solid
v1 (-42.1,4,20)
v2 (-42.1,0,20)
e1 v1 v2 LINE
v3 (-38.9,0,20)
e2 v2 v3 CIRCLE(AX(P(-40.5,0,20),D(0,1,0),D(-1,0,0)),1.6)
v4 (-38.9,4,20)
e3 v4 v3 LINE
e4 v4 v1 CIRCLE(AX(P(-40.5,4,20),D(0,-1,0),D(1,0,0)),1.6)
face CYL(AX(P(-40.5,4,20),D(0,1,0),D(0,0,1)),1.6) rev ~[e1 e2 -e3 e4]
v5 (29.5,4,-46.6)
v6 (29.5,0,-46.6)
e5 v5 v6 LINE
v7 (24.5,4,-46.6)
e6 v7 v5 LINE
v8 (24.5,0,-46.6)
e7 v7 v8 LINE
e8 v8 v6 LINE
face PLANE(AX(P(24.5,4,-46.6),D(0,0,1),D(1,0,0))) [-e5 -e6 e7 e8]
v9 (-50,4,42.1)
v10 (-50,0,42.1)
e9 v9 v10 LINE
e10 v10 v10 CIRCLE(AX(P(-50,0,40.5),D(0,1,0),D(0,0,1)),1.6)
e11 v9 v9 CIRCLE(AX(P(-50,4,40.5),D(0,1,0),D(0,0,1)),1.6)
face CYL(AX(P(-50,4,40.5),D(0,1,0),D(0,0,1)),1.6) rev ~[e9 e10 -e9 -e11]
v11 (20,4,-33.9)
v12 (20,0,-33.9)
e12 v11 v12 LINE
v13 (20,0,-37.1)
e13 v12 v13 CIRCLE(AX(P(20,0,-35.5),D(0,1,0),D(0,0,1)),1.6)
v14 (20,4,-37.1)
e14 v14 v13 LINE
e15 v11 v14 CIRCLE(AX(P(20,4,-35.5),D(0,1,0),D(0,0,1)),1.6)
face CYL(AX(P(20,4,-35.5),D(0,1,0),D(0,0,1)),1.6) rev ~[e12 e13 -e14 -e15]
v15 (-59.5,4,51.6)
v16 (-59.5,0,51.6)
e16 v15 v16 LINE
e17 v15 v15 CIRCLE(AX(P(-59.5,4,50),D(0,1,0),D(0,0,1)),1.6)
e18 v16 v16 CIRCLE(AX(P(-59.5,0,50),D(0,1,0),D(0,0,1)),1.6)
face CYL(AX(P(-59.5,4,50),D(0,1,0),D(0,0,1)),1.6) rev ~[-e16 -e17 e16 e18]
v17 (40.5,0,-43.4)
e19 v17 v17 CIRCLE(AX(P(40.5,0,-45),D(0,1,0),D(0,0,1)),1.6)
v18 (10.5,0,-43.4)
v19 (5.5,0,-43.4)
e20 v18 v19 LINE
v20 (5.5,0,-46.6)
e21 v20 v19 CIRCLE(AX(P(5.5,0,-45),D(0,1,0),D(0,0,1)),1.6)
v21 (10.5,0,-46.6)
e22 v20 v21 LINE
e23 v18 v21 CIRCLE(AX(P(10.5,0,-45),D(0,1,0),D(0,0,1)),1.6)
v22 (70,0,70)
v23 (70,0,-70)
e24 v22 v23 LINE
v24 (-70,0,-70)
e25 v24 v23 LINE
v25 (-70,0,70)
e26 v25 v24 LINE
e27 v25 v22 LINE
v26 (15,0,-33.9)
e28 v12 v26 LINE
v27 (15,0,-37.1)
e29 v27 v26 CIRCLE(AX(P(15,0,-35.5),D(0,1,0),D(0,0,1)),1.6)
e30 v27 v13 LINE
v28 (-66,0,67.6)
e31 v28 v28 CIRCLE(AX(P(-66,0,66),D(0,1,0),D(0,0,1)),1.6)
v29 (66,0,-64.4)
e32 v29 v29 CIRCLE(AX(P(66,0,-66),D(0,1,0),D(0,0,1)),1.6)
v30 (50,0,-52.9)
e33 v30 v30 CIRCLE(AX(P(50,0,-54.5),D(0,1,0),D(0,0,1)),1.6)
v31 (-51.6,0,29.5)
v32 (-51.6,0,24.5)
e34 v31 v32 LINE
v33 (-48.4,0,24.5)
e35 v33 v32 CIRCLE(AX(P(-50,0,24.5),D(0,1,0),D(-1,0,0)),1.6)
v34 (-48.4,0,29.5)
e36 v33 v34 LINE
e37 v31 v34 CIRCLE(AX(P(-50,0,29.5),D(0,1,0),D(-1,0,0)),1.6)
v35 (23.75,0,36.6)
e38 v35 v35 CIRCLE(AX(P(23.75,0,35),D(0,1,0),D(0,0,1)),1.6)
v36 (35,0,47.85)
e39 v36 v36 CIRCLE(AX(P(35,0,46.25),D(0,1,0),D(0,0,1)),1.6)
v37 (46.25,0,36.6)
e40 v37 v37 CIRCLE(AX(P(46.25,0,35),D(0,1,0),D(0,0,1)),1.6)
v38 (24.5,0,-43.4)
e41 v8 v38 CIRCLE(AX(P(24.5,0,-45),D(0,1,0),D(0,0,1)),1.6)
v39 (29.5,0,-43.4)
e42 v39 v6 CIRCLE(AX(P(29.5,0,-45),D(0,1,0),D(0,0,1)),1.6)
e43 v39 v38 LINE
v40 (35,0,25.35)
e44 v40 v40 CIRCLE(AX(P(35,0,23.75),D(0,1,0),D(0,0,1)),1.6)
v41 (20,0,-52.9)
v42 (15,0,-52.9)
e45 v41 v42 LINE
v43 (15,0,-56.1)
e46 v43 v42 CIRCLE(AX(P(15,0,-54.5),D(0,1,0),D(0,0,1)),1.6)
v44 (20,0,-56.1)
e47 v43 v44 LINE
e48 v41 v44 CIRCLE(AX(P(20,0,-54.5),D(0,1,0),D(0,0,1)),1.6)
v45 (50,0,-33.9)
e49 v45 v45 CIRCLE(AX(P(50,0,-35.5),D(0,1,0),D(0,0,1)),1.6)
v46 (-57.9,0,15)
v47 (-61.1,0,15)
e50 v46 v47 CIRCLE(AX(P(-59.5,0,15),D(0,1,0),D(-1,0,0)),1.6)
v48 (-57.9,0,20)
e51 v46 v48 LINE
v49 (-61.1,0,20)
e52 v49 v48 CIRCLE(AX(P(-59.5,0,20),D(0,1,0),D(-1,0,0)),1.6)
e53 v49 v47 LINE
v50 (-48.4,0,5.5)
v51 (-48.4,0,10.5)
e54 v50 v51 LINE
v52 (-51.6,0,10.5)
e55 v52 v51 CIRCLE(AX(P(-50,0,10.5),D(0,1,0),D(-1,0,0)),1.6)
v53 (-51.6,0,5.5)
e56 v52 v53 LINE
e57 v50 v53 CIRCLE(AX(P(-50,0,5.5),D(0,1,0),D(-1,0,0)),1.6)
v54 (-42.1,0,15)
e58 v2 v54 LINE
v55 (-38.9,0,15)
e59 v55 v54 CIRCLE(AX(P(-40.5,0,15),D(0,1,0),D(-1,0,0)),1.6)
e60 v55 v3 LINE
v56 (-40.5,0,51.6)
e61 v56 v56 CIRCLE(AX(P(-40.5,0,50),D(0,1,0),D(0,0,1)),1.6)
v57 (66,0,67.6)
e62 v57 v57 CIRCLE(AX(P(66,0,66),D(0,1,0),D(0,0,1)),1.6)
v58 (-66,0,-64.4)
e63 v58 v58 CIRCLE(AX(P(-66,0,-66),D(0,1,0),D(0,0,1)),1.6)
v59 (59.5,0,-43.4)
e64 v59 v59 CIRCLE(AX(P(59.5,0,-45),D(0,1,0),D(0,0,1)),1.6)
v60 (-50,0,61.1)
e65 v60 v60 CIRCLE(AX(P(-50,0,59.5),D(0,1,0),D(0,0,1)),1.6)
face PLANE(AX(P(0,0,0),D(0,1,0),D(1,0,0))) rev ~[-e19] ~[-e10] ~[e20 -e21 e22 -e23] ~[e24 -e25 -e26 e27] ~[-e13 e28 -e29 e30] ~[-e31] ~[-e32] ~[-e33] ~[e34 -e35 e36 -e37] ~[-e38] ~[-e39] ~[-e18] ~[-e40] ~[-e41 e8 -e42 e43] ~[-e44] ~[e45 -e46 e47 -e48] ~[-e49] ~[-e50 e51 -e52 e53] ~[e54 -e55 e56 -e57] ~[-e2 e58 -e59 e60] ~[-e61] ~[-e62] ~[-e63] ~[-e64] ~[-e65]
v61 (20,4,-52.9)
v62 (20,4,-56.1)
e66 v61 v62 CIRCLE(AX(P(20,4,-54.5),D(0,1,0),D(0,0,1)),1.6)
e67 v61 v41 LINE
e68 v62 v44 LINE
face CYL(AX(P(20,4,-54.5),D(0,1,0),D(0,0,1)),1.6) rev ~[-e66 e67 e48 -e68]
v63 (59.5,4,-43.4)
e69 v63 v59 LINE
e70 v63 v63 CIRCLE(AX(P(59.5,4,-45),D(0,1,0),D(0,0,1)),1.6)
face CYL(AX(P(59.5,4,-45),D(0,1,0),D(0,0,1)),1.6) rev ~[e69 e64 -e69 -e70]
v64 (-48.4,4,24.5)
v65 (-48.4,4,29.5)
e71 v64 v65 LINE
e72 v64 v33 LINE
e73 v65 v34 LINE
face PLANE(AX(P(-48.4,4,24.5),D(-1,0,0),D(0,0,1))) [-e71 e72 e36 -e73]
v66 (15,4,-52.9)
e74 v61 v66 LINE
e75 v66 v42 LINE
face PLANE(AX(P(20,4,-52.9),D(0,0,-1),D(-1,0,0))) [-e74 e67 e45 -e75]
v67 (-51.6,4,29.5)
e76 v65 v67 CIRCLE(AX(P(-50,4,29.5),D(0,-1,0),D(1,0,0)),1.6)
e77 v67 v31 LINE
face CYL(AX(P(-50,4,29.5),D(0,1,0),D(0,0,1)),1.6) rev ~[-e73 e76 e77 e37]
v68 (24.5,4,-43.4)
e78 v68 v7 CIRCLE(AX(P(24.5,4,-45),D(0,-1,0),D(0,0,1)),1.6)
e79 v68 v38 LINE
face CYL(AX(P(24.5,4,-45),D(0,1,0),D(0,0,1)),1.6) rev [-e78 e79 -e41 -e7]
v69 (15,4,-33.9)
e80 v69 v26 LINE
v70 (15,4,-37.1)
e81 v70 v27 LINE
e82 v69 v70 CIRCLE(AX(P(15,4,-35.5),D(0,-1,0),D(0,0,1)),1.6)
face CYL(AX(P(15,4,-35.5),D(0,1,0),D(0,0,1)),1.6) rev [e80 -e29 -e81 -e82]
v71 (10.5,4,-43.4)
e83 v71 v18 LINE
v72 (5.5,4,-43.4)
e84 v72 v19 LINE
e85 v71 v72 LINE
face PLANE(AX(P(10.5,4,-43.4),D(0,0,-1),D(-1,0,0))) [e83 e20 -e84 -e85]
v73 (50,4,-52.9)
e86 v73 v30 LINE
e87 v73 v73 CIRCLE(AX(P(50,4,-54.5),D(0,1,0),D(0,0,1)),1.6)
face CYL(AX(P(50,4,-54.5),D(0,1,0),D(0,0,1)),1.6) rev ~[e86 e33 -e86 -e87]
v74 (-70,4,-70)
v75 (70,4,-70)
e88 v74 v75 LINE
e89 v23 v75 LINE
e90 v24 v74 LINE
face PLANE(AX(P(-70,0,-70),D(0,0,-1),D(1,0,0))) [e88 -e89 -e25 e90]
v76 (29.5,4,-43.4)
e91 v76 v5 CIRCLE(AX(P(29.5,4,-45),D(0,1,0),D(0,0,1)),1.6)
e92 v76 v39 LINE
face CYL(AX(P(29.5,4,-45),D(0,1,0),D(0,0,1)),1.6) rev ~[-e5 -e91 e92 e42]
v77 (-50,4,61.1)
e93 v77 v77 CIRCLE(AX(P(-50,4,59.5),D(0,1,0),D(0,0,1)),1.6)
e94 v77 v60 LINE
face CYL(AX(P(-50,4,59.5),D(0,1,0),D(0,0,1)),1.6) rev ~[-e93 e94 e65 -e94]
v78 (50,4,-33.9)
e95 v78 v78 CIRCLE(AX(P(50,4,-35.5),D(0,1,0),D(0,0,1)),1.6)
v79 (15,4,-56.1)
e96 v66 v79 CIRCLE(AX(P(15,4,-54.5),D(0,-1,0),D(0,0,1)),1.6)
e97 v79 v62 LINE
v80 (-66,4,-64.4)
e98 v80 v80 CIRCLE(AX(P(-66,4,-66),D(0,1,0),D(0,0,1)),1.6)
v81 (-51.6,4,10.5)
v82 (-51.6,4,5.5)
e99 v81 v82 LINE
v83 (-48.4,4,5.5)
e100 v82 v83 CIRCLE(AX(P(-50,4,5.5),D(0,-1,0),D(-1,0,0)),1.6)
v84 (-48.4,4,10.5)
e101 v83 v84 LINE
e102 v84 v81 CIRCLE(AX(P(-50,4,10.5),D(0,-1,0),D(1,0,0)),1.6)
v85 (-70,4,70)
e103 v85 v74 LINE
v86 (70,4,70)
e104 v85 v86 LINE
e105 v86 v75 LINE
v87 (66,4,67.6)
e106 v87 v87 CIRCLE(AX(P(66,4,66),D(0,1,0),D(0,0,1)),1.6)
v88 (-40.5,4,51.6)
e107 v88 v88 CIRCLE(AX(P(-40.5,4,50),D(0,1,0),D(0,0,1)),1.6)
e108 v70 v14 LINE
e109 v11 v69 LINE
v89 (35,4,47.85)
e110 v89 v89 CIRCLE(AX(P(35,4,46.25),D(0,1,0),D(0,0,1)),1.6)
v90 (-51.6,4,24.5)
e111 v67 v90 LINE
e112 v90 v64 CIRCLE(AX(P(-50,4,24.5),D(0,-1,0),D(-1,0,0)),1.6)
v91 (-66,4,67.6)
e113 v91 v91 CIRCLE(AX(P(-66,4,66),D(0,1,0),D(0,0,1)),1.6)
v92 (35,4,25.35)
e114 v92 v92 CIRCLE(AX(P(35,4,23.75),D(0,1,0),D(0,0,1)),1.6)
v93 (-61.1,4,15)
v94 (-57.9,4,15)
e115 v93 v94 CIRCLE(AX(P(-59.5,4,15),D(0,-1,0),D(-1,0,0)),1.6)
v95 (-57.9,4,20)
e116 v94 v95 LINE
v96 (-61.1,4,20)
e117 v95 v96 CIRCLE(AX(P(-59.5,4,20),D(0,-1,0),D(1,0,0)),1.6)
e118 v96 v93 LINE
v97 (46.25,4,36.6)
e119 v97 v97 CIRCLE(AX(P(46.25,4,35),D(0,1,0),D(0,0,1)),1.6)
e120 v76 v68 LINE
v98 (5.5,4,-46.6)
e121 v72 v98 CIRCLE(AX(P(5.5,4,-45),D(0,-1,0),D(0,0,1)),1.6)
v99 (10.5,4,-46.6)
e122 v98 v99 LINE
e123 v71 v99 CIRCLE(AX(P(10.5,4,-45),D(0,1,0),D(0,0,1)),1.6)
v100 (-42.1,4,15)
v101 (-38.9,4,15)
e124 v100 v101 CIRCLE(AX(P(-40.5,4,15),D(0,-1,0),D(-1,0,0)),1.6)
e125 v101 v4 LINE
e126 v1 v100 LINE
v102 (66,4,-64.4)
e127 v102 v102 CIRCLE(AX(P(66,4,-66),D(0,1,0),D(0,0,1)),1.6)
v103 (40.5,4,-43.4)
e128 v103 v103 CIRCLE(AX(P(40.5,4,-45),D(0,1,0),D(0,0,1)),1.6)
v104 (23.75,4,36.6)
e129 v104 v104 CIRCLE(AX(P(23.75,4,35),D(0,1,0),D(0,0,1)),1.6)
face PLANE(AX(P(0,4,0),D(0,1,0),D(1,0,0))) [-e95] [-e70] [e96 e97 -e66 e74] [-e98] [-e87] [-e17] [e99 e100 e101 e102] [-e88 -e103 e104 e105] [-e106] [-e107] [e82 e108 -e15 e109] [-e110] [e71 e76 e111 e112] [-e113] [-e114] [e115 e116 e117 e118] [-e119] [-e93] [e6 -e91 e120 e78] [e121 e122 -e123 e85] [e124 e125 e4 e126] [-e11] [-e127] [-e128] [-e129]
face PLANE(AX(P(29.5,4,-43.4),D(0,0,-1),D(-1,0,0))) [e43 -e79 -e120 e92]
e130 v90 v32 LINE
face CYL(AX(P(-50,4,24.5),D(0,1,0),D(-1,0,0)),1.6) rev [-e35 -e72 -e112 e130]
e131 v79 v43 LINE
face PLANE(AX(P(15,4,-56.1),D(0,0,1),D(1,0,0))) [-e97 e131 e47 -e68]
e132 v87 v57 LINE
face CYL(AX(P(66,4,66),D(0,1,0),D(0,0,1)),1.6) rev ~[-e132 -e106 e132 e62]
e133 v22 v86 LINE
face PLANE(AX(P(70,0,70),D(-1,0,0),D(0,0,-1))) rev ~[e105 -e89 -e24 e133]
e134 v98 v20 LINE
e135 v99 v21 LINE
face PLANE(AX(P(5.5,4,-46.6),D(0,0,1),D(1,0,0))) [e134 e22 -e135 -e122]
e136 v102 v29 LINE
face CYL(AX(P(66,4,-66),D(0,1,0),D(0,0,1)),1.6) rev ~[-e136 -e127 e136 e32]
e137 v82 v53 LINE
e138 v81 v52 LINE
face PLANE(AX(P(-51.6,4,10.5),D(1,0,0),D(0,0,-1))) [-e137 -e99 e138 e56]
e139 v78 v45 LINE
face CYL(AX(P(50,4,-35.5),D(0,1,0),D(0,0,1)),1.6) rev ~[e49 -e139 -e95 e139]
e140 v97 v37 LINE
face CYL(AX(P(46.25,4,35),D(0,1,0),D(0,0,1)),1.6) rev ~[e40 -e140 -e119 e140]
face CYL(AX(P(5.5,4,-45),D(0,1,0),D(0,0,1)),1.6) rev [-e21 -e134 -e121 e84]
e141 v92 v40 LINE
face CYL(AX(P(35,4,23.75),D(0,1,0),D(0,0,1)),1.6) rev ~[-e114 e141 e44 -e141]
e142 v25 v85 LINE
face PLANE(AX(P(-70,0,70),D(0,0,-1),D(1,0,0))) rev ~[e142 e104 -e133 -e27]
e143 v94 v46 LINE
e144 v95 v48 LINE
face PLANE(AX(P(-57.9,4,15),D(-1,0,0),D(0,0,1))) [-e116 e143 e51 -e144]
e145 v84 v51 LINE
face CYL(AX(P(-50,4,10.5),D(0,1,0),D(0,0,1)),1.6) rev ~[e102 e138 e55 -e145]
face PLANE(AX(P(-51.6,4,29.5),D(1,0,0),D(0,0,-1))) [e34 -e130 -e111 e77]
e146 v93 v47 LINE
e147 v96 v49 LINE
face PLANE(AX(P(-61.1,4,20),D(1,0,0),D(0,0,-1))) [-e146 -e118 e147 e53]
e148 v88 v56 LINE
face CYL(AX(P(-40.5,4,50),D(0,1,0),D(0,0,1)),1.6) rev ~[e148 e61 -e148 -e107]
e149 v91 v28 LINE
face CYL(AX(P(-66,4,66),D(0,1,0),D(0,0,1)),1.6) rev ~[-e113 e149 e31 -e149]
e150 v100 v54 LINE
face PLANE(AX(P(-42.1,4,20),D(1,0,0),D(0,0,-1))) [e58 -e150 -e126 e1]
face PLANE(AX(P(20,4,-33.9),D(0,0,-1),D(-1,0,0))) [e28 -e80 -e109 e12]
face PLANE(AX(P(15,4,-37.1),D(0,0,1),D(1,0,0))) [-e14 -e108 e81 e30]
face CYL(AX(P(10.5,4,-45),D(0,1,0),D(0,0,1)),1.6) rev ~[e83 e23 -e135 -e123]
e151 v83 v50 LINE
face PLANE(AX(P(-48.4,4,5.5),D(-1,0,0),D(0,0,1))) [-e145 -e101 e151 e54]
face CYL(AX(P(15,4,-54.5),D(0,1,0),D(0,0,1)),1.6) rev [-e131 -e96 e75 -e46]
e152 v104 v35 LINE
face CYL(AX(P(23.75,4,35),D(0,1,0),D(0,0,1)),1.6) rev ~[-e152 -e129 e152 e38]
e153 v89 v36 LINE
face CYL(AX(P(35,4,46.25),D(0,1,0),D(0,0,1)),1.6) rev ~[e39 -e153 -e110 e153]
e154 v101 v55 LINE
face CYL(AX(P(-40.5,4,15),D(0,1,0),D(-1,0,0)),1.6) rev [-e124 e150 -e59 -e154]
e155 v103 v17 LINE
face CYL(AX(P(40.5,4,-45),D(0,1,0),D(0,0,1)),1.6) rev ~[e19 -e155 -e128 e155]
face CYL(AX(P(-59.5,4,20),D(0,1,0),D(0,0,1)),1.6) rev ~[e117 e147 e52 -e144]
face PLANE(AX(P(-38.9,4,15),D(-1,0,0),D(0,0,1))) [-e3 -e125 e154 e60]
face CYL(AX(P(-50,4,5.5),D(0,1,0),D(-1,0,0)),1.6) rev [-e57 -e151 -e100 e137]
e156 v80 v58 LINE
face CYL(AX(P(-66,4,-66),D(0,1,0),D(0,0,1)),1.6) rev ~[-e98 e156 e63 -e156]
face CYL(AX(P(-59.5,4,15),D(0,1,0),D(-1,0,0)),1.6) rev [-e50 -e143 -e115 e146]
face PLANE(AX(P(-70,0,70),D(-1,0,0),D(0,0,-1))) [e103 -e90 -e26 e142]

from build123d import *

# Parameters (mm, degrees)
SKETCH1_W           = 140
SKETCH1_H           = 140
BOSS_EXTRUDE1_DEPTH = 4
SKETCH2_R           = 1.6
CUT_EXTRUDE1_DEPTH  = 4
SKETCH3_R           = 1.6
CUT_EXTRUDE2_DEPTH  = 10
CUT_EXTRUDE3_DEPTH  = 10
SKETCH5_R           = 1.6
CUT_EXTRUDE5_DEPTH  = 10


with BuildPart() as part:
    # Sketch1 → Boss-Extrude1 (new body)
    with BuildSketch(Plane(origin=(0, 0, 0), x_dir=(1, 0, 0), z_dir=(0, 1, 0))):
        Rectangle(SKETCH1_W, SKETCH1_H)
    extrude(amount=BOSS_EXTRUDE1_DEPTH)

    # Sketch2 → Cut-Extrude1 (cut)
    with BuildSketch(Plane(origin=(0, 4, 0), x_dir=(1, 0, 0), z_dir=(0, 1, 0))):
        with Locations(Location((29.5, 45, 0), (0, 0, 270))):
            Circle(SKETCH2_R)
        with Locations(Location((59.5, 45, 0), (0, 0, 270))):
            Circle(SKETCH2_R)
        with Locations(Location((-50, -29.5, 0), (0, 0, 270))):
            Circle(SKETCH2_R)
        with Locations(Location((-50, -59.5, 0), (0, 0, 270))):
            Circle(SKETCH2_R)
        with Locations(Location((20, 35.5, 0), (0, 0, 270))):
            Circle(SKETCH2_R)
        with Locations(Location((10.5, 45, 0), (0, 0, 270))):
            Circle(SKETCH2_R)
        with Locations(Location((20, 54.5, 0), (0, 0, 270))):
            Circle(SKETCH2_R)
        with Locations(Location((50, 35.5, 0), (0, 0, 270))):
            Circle(SKETCH2_R)
        with Locations(Location((40.5, 45, 0), (0, 0, 270))):
            Circle(SKETCH2_R)
        with Locations(Location((50, 54.5, 0), (0, 0, 270))):
            Circle(SKETCH2_R)
        with Locations(Location((-59.5, -50, 0), (0, 0, 270))):
            Circle(SKETCH2_R)
        with Locations(Location((-50, -40.5, 0), (0, 0, 270))):
            Circle(SKETCH2_R)
        with Locations(Location((-40.5, -50, 0), (0, 0, 270))):
            Circle(SKETCH2_R)
        with Locations(Location((-59.5, -20, 0), (0, 0, 270))):
            Circle(SKETCH2_R)
        with Locations(Location((-50, -10.5, 0), (0, 0, 270))):
            Circle(SKETCH2_R)
        with Locations(Location((-40.5, -20, 0), (0, 0, 270))):
            Circle(SKETCH2_R)
    extrude(amount=-CUT_EXTRUDE1_DEPTH, mode=Mode.SUBTRACT)

    # Sketch3 → Cut-Extrude2 (cut)
    with BuildSketch(Plane(origin=(0, 4, 0), x_dir=(1, 0, 0), z_dir=(0, 1, 0))):
        with Locations(Location((35, -23.75, 0), (0, 0, 270))):
            Circle(SKETCH3_R)
        with Locations(Location((46.25, -35, 0), (0, 0, 270))):
            Circle(SKETCH3_R)
        with Locations(Location((35, -46.25, 0), (0, 0, 270))):
            Circle(SKETCH3_R)
        with Locations(Location((23.75, -35, 0), (0, 0, 270))):
            Circle(SKETCH3_R)
    extrude(amount=-CUT_EXTRUDE2_DEPTH, mode=Mode.SUBTRACT)

    # Sketch4 → Cut-Extrude3 (cut)
    with BuildSketch(Plane(origin=(0, 4, 0), x_dir=(1, 0, 0), z_dir=(0, 1, 0))):
        with BuildLine():
            Line((-51.6, -29.5), (-51.6, -24.5))
            ThreePointArc((-51.6, -24.5), (-50, -22.9), (-48.4, -24.5))
            Line((-48.4, -24.5), (-48.4, -29.5))
            ThreePointArc((-48.4, -29.5), (-50, -31.1), (-51.6, -29.5))
        make_face()
        with BuildLine():
            Line((-42.1, -20), (-42.1, -15))
            ThreePointArc((-42.1, -15), (-40.5, -13.4), (-38.9, -15))
            Line((-38.9, -15), (-38.9, -20))
            ThreePointArc((-38.9, -20), (-40.5, -21.6), (-42.1, -20))
        make_face()
        with BuildLine():
            Line((-51.6, -10.5), (-51.6, -5.5))
            ThreePointArc((-51.6, -5.5), (-50, -3.9), (-48.4, -5.5))
            Line((-48.4, -5.5), (-48.4, -10.5))
            ThreePointArc((-48.4, -10.5), (-50, -12.1), (-51.6, -10.5))
        make_face()
        with BuildLine():
            Line((-61.1, -20), (-61.1, -15))
            ThreePointArc((-61.1, -15), (-59.5, -13.4), (-57.9, -15))
            Line((-57.9, -15), (-57.9, -20))
            ThreePointArc((-57.9, -20), (-59.5, -21.6), (-61.1, -20))
        make_face()
        with BuildLine():
            Line((10.5, 43.4), (5.5, 43.4))
            ThreePointArc((5.5, 43.4), (3.9, 45), (5.5, 46.6))
            Line((5.5, 46.6), (10.5, 46.6))
            ThreePointArc((10.5, 46.6), (12.1, 45), (10.5, 43.4))
        make_face()
        with BuildLine():
            Line((20, 52.9), (15, 52.9))
            ThreePointArc((15, 52.9), (13.4, 54.5), (15, 56.1))
            Line((15, 56.1), (20, 56.1))
            ThreePointArc((20, 56.1), (21.6, 54.5), (20, 52.9))
        make_face()
        with BuildLine():
            Line((29.5, 43.4), (24.5, 43.4))
            ThreePointArc((24.5, 43.4), (22.9, 45), (24.5, 46.6))
            Line((24.5, 46.6), (29.5, 46.6))
            ThreePointArc((29.5, 46.6), (31.1, 45), (29.5, 43.4))
        make_face()
        with BuildLine():
            Line((20, 33.9), (15, 33.9))
            ThreePointArc((15, 33.9), (13.4, 35.5), (15, 37.1))
            Line((15, 37.1), (20, 37.1))
            ThreePointArc((20, 37.1), (21.6, 35.5), (20, 33.9))
        make_face()
    extrude(amount=-CUT_EXTRUDE3_DEPTH, mode=Mode.SUBTRACT)

    # Sketch5 → Cut-Extrude5 (cut)
    with BuildSketch(Plane(origin=(0, 4, 0), x_dir=(1, 0, 0), z_dir=(0, 1, 0))):
        with Locations(Location((-66, 66, 0), (0, 0, 270))):
            Circle(SKETCH5_R)
        with Locations(Location((66, 66, 0), (0, 0, 270))):
            Circle(SKETCH5_R)
        with Locations(Location((66, -66, 0), (0, 0, 270))):
            Circle(SKETCH5_R)
        with Locations(Location((-66, -66, 0), (0, 0, 270))):
            Circle(SKETCH5_R)
    extrude(amount=-CUT_EXTRUDE5_DEPTH, mode=Mode.SUBTRACT)


solid = part.part
